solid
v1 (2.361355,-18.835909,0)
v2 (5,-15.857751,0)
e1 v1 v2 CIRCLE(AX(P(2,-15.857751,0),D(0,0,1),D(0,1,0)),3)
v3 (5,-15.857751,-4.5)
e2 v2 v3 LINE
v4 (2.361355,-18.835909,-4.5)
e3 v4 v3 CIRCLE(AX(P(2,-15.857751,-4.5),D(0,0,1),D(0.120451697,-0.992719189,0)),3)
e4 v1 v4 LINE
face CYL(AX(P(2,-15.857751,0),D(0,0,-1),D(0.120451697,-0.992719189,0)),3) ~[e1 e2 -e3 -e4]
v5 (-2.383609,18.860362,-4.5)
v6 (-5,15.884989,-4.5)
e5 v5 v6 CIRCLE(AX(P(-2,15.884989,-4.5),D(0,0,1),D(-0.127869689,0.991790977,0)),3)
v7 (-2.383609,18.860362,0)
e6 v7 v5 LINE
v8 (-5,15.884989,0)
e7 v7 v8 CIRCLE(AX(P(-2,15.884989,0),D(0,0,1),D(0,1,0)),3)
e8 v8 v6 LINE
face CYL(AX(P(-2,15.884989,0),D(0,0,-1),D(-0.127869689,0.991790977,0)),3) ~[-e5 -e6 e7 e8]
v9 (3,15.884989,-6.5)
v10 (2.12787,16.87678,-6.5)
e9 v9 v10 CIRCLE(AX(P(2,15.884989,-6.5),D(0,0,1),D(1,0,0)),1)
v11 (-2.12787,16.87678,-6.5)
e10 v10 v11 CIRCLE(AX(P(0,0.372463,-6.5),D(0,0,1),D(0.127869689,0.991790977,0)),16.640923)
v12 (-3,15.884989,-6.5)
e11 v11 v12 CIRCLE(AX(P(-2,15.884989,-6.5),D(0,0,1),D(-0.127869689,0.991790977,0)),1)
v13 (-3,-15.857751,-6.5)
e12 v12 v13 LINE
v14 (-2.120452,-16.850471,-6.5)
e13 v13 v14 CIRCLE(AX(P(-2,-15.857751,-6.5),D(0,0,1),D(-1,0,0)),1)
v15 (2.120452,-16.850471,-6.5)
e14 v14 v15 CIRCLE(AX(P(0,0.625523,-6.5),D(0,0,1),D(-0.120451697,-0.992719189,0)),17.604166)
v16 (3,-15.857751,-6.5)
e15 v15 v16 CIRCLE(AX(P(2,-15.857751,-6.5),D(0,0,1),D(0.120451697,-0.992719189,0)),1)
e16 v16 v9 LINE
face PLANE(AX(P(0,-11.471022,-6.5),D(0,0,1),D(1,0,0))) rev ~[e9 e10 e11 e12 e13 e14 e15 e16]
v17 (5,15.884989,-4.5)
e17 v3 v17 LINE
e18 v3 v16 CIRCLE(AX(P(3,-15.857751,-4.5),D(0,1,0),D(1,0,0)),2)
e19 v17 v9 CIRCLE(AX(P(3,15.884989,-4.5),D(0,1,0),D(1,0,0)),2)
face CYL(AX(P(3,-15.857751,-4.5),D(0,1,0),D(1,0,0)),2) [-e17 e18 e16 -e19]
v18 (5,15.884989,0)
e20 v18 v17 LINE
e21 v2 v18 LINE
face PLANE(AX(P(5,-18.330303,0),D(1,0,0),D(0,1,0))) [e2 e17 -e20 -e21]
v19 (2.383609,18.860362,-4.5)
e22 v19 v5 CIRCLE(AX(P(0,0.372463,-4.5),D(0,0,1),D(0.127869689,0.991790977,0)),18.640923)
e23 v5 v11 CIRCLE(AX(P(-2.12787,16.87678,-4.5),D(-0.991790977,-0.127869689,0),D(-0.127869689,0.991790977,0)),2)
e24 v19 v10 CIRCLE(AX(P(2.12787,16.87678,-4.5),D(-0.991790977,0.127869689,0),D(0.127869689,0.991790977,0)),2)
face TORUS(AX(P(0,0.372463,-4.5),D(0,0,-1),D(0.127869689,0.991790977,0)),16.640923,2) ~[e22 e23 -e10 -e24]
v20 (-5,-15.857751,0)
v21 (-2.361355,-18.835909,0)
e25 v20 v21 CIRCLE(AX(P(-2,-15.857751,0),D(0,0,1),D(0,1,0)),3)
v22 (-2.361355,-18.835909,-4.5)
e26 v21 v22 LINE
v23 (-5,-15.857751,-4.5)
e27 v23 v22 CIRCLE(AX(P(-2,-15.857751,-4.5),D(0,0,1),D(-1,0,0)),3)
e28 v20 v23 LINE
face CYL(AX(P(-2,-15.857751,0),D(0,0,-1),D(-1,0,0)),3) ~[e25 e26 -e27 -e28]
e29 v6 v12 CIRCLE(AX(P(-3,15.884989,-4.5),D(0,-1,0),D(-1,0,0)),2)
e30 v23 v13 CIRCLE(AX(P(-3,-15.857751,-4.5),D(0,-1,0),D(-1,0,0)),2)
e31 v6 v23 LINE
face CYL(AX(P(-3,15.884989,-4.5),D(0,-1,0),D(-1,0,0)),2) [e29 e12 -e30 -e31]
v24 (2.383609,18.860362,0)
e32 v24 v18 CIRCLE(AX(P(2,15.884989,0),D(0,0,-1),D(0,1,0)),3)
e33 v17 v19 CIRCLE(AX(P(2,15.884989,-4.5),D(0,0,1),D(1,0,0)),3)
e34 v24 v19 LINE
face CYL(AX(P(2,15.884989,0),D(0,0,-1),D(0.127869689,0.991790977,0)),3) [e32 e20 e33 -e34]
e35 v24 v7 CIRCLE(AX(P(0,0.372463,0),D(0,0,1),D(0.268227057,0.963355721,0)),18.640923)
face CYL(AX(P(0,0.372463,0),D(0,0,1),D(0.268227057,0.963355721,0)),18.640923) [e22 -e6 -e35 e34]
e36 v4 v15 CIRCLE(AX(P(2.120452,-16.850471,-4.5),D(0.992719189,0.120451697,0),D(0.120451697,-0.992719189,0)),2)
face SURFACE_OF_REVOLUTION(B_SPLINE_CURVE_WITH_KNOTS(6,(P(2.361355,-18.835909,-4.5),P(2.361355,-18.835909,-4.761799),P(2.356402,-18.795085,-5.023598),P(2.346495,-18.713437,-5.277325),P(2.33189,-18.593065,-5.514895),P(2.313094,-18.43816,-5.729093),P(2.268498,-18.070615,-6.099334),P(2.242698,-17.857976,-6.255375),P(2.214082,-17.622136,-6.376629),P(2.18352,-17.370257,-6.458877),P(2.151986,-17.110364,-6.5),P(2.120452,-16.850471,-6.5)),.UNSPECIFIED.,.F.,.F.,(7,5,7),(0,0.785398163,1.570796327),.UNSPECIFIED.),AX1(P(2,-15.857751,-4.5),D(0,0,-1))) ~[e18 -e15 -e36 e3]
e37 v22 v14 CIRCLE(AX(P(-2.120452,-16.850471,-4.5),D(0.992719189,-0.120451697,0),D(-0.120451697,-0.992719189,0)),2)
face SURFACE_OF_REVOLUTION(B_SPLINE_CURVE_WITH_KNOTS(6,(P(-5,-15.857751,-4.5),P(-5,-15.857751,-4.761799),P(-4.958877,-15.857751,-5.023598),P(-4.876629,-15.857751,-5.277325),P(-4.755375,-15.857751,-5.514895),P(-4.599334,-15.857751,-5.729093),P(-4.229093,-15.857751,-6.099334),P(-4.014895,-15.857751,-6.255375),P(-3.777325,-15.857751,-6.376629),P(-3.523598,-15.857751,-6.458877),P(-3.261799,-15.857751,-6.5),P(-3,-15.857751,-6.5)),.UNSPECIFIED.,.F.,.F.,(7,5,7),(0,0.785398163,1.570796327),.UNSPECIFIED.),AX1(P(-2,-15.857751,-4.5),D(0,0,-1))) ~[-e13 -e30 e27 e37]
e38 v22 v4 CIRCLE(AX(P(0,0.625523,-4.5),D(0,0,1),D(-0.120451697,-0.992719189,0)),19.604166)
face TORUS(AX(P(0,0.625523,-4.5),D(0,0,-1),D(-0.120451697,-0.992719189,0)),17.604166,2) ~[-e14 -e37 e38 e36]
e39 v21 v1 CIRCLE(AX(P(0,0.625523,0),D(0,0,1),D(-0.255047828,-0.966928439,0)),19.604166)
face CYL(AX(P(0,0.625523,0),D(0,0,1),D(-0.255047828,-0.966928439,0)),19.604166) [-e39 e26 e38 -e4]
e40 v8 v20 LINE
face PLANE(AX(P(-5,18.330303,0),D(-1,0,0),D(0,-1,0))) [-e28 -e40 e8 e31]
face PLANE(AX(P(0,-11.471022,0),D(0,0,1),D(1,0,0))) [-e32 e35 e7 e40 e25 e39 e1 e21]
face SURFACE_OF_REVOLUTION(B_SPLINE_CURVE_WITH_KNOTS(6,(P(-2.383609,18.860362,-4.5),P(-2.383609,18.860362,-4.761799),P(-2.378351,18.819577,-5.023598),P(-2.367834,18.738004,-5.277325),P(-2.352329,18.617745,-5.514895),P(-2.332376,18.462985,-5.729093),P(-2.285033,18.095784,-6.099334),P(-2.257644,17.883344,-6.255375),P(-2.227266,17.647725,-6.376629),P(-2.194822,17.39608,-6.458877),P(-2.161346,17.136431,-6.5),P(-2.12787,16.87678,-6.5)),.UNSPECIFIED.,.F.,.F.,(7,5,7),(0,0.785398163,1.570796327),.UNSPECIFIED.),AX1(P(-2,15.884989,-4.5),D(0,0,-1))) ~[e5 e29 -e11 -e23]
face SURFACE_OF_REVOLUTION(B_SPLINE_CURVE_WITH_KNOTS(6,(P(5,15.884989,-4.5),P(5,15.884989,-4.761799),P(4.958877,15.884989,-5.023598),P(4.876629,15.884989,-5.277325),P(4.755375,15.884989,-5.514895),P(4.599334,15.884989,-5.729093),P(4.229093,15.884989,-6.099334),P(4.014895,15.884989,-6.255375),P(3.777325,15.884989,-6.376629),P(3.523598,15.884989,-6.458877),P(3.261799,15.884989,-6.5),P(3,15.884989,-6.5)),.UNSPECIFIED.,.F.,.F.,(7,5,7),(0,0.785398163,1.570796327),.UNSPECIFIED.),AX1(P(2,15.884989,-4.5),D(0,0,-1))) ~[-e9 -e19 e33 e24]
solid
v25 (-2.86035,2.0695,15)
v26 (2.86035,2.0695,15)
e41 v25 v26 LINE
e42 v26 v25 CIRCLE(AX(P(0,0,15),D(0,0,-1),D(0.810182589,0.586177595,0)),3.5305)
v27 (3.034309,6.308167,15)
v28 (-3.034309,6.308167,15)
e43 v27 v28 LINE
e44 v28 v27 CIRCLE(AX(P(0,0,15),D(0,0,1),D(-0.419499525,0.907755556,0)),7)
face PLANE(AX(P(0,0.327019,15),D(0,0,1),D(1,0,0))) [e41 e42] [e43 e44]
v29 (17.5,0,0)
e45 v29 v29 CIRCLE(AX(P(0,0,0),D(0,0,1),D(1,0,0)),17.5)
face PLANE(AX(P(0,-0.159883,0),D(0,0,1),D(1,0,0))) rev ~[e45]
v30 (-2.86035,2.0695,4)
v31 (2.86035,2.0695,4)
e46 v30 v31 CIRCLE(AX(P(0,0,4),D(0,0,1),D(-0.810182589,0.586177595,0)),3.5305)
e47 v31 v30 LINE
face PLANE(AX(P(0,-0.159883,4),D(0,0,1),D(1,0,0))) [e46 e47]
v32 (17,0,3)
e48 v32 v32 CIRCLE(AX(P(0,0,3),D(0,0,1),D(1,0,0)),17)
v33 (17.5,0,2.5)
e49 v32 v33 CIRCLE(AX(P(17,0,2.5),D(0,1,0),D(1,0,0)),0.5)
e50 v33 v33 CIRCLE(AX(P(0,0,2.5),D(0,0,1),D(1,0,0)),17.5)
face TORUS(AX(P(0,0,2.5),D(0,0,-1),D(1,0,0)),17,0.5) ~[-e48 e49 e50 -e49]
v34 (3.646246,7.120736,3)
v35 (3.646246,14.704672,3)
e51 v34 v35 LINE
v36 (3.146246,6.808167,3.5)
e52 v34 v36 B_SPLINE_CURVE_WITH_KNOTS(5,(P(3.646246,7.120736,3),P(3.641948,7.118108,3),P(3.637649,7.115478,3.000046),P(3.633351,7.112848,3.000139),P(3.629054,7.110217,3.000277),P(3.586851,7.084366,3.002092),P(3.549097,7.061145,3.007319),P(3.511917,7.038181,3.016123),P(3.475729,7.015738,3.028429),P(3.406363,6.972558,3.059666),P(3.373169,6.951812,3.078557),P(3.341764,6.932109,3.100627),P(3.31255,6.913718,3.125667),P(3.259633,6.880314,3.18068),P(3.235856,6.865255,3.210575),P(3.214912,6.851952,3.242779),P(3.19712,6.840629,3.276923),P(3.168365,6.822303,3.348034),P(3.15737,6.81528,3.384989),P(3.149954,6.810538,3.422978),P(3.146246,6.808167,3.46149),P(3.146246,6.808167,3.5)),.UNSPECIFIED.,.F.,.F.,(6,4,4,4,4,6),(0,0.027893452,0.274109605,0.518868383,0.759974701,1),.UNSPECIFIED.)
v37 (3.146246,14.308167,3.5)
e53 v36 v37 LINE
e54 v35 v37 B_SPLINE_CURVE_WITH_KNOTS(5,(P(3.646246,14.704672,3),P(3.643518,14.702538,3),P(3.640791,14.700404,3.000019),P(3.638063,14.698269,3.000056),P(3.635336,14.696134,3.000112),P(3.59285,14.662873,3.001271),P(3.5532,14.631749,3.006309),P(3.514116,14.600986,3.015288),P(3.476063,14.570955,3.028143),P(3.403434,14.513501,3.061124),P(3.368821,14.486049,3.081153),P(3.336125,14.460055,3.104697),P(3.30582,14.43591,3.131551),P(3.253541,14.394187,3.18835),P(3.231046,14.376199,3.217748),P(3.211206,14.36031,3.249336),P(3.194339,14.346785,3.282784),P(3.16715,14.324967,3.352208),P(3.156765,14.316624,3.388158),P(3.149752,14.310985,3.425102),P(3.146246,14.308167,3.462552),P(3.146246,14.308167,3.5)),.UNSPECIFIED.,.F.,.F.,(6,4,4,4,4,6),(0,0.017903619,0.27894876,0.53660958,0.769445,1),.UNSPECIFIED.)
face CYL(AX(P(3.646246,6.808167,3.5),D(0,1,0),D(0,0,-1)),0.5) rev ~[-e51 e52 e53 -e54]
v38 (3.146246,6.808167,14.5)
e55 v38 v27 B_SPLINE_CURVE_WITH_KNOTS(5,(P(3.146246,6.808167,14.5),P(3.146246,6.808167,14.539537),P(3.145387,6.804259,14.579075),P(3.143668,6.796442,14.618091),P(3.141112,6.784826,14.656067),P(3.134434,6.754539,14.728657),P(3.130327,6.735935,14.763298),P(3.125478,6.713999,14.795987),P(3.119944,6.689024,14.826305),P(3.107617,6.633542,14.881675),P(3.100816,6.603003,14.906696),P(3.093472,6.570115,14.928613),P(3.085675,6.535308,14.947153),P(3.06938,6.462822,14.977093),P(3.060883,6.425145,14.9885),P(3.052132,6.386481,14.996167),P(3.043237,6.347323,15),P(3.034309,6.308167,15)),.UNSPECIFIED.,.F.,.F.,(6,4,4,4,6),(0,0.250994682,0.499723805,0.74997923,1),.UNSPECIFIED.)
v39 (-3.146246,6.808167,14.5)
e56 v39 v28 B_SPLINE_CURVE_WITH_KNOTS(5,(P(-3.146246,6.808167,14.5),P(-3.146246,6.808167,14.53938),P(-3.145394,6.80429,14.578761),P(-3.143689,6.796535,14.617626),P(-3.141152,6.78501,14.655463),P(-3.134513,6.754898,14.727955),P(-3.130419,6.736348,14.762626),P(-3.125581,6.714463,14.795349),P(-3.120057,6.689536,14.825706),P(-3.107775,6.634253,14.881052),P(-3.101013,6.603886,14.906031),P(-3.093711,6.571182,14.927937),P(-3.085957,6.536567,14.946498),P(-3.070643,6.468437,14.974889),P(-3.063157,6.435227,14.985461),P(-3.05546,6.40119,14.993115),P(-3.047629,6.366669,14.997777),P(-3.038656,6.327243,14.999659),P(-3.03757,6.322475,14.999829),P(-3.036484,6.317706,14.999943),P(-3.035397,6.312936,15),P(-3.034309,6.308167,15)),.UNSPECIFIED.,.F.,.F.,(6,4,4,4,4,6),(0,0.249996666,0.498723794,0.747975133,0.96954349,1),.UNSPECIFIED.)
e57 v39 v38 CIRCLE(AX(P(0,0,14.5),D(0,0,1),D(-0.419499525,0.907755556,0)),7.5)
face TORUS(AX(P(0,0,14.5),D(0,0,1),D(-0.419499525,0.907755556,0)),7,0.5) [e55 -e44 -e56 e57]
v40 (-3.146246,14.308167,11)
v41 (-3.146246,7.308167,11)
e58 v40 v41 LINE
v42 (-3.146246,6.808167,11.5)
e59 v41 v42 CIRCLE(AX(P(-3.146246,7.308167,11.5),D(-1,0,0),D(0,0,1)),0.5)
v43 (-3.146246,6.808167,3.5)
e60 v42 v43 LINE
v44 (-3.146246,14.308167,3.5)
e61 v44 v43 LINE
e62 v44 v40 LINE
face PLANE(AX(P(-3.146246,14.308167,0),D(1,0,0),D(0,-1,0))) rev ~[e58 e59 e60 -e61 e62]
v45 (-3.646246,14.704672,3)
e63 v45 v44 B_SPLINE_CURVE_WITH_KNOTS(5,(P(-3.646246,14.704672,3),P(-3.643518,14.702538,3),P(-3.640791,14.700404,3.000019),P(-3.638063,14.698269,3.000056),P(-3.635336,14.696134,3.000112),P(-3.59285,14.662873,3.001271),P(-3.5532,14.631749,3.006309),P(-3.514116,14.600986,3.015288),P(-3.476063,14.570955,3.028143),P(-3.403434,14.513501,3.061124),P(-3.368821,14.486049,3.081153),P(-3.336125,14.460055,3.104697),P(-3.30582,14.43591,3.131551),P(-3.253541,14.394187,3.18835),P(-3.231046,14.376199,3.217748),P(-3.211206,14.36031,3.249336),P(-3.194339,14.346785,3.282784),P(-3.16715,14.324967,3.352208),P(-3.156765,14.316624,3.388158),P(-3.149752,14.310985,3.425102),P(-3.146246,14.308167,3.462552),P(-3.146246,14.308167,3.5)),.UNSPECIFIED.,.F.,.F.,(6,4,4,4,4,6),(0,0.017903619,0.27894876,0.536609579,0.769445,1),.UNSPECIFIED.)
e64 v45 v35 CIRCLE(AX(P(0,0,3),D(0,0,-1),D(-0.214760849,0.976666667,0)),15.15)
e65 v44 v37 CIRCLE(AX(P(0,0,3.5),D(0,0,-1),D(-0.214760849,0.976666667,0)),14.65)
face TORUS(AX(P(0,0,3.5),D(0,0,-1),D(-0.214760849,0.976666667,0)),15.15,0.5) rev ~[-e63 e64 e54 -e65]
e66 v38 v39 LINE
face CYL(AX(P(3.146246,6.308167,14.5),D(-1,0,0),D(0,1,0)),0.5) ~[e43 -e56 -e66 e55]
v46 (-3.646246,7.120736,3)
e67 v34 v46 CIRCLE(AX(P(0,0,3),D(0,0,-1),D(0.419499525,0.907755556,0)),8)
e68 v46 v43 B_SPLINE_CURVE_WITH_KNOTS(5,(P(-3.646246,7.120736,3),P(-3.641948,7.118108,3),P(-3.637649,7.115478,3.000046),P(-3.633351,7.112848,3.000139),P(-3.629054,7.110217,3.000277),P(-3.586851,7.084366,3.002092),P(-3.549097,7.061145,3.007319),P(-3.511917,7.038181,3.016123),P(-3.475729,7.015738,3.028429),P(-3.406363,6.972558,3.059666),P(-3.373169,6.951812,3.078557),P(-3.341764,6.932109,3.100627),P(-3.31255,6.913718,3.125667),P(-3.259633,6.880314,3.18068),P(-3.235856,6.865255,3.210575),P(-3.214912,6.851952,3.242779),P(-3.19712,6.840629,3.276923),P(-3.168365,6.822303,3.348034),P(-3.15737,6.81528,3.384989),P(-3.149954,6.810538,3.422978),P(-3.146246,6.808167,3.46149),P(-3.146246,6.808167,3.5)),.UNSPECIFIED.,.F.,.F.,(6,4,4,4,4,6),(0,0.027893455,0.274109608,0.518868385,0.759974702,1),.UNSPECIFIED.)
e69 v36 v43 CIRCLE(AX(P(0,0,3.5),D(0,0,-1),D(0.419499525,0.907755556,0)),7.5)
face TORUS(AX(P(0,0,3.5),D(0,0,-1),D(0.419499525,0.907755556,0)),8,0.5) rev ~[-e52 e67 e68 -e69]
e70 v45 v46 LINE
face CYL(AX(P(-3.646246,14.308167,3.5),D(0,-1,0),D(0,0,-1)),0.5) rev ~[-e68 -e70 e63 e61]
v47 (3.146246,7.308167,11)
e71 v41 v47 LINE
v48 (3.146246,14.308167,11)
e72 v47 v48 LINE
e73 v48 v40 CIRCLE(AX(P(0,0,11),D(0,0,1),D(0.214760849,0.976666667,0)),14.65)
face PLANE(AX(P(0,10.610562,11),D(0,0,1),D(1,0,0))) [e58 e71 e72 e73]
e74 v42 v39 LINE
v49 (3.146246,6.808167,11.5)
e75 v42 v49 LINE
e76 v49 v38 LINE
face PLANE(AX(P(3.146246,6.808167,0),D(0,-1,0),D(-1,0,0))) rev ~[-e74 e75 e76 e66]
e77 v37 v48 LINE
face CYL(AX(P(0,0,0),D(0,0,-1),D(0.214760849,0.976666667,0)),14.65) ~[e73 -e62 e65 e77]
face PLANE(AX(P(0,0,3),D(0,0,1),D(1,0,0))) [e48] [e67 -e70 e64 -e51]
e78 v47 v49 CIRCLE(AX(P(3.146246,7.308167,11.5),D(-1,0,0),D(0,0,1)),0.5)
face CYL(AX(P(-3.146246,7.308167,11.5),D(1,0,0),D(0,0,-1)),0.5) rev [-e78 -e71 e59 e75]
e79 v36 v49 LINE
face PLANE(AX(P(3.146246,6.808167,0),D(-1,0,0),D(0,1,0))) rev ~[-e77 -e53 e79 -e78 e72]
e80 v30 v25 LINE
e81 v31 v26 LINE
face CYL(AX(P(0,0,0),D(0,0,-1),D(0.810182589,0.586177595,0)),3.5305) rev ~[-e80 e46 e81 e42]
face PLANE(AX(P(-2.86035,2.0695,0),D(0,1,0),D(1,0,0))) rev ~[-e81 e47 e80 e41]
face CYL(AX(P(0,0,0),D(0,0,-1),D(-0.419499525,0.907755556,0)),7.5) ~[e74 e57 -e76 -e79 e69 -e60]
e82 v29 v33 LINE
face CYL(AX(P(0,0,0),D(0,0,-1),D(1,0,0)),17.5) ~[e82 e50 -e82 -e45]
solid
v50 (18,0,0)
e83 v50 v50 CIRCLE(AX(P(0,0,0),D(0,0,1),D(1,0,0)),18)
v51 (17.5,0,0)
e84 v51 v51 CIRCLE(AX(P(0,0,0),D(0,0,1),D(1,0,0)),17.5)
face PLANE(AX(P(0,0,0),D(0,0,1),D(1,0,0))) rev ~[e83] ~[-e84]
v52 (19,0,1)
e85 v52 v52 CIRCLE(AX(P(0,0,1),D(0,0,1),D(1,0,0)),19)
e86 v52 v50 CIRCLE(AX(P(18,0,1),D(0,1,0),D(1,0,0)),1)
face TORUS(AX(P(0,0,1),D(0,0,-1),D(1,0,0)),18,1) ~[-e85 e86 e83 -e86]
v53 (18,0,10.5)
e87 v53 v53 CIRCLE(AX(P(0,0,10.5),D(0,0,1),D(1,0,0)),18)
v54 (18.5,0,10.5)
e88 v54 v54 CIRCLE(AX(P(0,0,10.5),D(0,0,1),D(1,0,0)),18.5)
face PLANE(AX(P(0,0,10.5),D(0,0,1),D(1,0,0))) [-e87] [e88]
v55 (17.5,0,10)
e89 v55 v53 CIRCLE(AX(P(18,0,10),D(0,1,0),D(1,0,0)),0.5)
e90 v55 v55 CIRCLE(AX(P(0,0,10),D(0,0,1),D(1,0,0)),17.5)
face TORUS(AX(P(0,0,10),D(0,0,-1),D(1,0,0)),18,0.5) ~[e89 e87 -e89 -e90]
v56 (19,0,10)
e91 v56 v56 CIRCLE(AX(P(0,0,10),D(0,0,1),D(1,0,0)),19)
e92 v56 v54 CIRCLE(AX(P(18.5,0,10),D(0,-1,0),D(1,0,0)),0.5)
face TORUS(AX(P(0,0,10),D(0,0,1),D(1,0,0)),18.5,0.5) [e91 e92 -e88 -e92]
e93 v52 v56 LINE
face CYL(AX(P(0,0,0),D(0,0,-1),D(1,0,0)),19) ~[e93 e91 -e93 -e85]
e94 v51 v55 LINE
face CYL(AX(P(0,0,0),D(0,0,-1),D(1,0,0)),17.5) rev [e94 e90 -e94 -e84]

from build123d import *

# Parameters (mm, degrees)
F1_DEPTH = 15
F2_DEPTH = 11
F0_R     = 17.5
F3_DEPTH = 3
F4_DEPTH = 4
F0_R_2   = 19
F5_DEPTH = 10.5
F7_DEPTH = 6.5
F8_R     = 0.5
F8_2_R   = 0.5
F9_R     = 0.5
F10_R    = 1
F11_R    = 3
F12_R    = 2


with BuildPart() as f1:
    # F0 (on Top) → F1 (new body)
    with BuildSketch(Plane.XY):
        with BuildLine():
            Line((3.1462464365, 6.8081666667), (-3.1462464365, 6.8081666667))
            ThreePointArc((-3.1462464365, 6.8081666667), (0, -7.5), (3.1462464365, 6.8081666667))
        make_face()
        with BuildLine():
            ThreePointArc((2.860349629, 2.0695), (0, -3.5305), (-2.860349629, 2.0695))
            Line((-2.860349629, 2.0695), (2.860349629, 2.0695))
        make_face(mode=Mode.SUBTRACT)
    extrude(amount=F1_DEPTH)

    # F0 (on Top) → F2 (join)
    with BuildSketch(Plane.XY):
        with BuildLine():
            Line((-3.1462464365, 14.3081666667), (-3.1462464365, 6.8081666667))
            Line((-3.1462464365, 6.8081666667), (3.1462464365, 6.8081666667))
            Line((3.1462464365, 6.8081666667), (3.1462464365, 14.3081666667))
            ThreePointArc((3.1462464365, 14.3081666667), (0, 14.65), (-3.1462464365, 14.3081666667))
        make_face()
    extrude(amount=F2_DEPTH)

    # F0 (on Top) → F3 (join)
    with BuildSketch(Plane.XY):
        Circle(F0_R)
        with BuildLine():
            ThreePointArc((3.1462464365, 6.8081666667), (0, -7.5), (-3.1462464365, 6.8081666667))
            Line((-3.1462464365, 6.8081666667), (-3.1462464365, 14.3081666667))
            ThreePointArc((-3.1462464365, 14.3081666667), (0, 14.65), (3.1462464365, 14.3081666667))
            Line((3.1462464365, 14.3081666667), (3.1462464365, 6.8081666667))
        make_face(mode=Mode.SUBTRACT)
        with BuildLine():
            Line((3.1462464365, 6.8081666667), (-3.1462464365, 6.8081666667))
            ThreePointArc((-3.1462464365, 6.8081666667), (0, -7.5), (3.1462464365, 6.8081666667))
        make_face()
        with BuildLine():
            ThreePointArc((2.860349629, 2.0695), (0, -3.5305), (-2.860349629, 2.0695))
            Line((-2.860349629, 2.0695), (2.860349629, 2.0695))
        make_face(mode=Mode.SUBTRACT)
        with BuildLine():
            Line((-3.1462464365, 14.3081666667), (-3.1462464365, 6.8081666667))
            Line((-3.1462464365, 6.8081666667), (3.1462464365, 6.8081666667))
            Line((3.1462464365, 6.8081666667), (3.1462464365, 14.3081666667))
            ThreePointArc((3.1462464365, 14.3081666667), (0, 14.65), (-3.1462464365, 14.3081666667))
        make_face()
        with BuildLine():
            Line((2.860349629, 2.0695), (-2.860349629, 2.0695))
            ThreePointArc((-2.860349629, 2.0695), (0, -3.5305), (2.860349629, 2.0695))
        make_face()
    extrude(amount=F3_DEPTH)

    # F0 (on Top) → F4 (join)
    with BuildSketch(Plane.XY):
        with BuildLine():
            Line((2.860349629, 2.0695), (-2.860349629, 2.0695))
            ThreePointArc((-2.860349629, 2.0695), (0, -3.5305), (2.860349629, 2.0695))
        make_face()
    extrude(amount=F4_DEPTH)

    # F8
    f8_edges = [f1.edges().sort_by_distance(p)[0] for p in [
        (0, -7.5, 15),
        (0, 6.808167, 15),
        (0, -7.5, 3),
        (3.146246, 10.558167, 3),
        (-3.146246, 10.558167, 3),
        (0, 14.65, 3),
        (0, 6.808167, 11),
    ]]
    fillet(f8_edges, radius=F8_R)

    # F9
    f9_edges = [f1.edges().sort_by_distance(p)[0] for p in [
        (-17.5, 0, 3),
    ]]
    fillet(f9_edges, radius=F9_R)


with BuildPart() as f5:
    # F0 (on Top) → F5 (new body)
    with BuildSketch(Plane.XY):
        Circle(F0_R_2)
        Circle(F0_R, mode=Mode.SUBTRACT)
    extrude(amount=F5_DEPTH)

    # F8#2
    f8_2_edges = [f5.edges().sort_by_distance(p)[0] for p in [
        (-17.5, 0, 10.5),
        (-19, 0, 10.5),
    ]]
    fillet(f8_2_edges, radius=F8_2_R)

    # F10
    f10_edges = [f5.edges().sort_by_distance(p)[0] for p in [
        (-19, 0, 0),
    ]]
    fillet(f10_edges, radius=F10_R)


with BuildPart() as f7:
    # F6 (on face) → F7 (new body)
    with BuildSketch(Plane.XY):
        with BuildLine():
            ThreePointArc((-5, -16.7705098312), (0, -17.5), (5, -16.7705098312))
            Line((5, -16.7705098312), (5, -5.5901699437))
            ThreePointArc((5, -5.5901699437), (0, -7.5), (-5, -5.5901699437))
            Line((-5, -5.5901699437), (-5, -16.7705098312))
        make_face()
        with BuildLine():
            ThreePointArc((3.1462464365, 6.8081666667), (4.1183991738, 6.2680769176), (5, 5.5901699437))
            Line((5, 5.5901699437), (5, 16.7705098312))
            ThreePointArc((5, 16.7705098312), (0, 17.5), (-5, 16.7705098312))
            Line((-5, 16.7705098312), (-5, 5.5901699437))
            ThreePointArc((-5, 5.5901699437), (-4.1183991738, 6.2680769176), (-3.1462464365, 6.8081666667))
            Line((-3.1462464365, 6.8081666667), (-3.1462464365, 14.3081666667))
            ThreePointArc((-3.1462464365, 14.3081666667), (0, 14.65), (3.1462464365, 14.3081666667))
            Line((3.1462464365, 14.3081666667), (3.1462464365, 6.8081666667))
        make_face()
        with BuildLine():
            ThreePointArc((-5, -5.5901699437), (0, -7.5), (5, -5.5901699437))
            Line((5, -5.5901699437), (5, 5.5901699437))
            ThreePointArc((5, 5.5901699437), (4.1183991738, 6.2680769176), (3.1462464365, 6.8081666667))
            Line((3.1462464365, 6.8081666667), (3.1462464365, 14.3081666667))
            ThreePointArc((3.1462464365, 14.3081666667), (0, 14.65), (-3.1462464365, 14.3081666667))
            Line((-3.1462464365, 14.3081666667), (-3.1462464365, 6.8081666667))
            ThreePointArc((-3.1462464365, 6.8081666667), (-4.1183991738, 6.2680769176), (-5, 5.5901699437))
            Line((-5, 5.5901699437), (-5, -5.5901699437))
        make_face()
        with BuildLine():
            Line((-5, 18.3303027798), (-5, 16.7705098312))
            ThreePointArc((-5, 16.7705098312), (0, 17.5), (5, 16.7705098312))
            Line((5, 16.7705098312), (5, 18.3303027798))
            ThreePointArc((5, 18.3303027798), (0, 19.0133859678), (-5, 18.3303027798))
        make_face()
        with BuildLine():
            ThreePointArc((-5, -18.3303027798), (0, -18.9786431641), (5, -18.3303027798))
            Line((5, -18.3303027798), (5, -16.7705098312))
            ThreePointArc((5, -16.7705098312), (0, -17.5), (-5, -16.7705098312))
            Line((-5, -16.7705098312), (-5, -18.3303027798))
        make_face()
    extrude(amount=-F7_DEPTH)

    # F11
    f11_edges = [f7.edges().sort_by_distance(p)[0] for p in [
        (-5, -18.330303, -3.25),
        (-5, 18.330303, -3.25),
        (5, 18.330303, -3.25),
        (5, -18.330303, -3.25),
    ]]
    fillet(f11_edges, radius=F11_R)

    # F12
    f12_edges = [f7.edges().sort_by_distance(p)[0] for p in [
        (0, 19.013386, -6.5),
        (4.252868, 17.866046, -6.5),
        (-4.252868, 17.866046, -6.5),
        (5, 0.013619, -6.5),
        (-5, 0.013619, -6.5),
        (4.245447, -17.847215, -6.5),
        (-4.245447, -17.847215, -6.5),
        (0, -18.978643, -6.5),
    ]]
    fillet(f12_edges, radius=F12_R)


solid = Compound([f1.part, f5.part, f7.part])
